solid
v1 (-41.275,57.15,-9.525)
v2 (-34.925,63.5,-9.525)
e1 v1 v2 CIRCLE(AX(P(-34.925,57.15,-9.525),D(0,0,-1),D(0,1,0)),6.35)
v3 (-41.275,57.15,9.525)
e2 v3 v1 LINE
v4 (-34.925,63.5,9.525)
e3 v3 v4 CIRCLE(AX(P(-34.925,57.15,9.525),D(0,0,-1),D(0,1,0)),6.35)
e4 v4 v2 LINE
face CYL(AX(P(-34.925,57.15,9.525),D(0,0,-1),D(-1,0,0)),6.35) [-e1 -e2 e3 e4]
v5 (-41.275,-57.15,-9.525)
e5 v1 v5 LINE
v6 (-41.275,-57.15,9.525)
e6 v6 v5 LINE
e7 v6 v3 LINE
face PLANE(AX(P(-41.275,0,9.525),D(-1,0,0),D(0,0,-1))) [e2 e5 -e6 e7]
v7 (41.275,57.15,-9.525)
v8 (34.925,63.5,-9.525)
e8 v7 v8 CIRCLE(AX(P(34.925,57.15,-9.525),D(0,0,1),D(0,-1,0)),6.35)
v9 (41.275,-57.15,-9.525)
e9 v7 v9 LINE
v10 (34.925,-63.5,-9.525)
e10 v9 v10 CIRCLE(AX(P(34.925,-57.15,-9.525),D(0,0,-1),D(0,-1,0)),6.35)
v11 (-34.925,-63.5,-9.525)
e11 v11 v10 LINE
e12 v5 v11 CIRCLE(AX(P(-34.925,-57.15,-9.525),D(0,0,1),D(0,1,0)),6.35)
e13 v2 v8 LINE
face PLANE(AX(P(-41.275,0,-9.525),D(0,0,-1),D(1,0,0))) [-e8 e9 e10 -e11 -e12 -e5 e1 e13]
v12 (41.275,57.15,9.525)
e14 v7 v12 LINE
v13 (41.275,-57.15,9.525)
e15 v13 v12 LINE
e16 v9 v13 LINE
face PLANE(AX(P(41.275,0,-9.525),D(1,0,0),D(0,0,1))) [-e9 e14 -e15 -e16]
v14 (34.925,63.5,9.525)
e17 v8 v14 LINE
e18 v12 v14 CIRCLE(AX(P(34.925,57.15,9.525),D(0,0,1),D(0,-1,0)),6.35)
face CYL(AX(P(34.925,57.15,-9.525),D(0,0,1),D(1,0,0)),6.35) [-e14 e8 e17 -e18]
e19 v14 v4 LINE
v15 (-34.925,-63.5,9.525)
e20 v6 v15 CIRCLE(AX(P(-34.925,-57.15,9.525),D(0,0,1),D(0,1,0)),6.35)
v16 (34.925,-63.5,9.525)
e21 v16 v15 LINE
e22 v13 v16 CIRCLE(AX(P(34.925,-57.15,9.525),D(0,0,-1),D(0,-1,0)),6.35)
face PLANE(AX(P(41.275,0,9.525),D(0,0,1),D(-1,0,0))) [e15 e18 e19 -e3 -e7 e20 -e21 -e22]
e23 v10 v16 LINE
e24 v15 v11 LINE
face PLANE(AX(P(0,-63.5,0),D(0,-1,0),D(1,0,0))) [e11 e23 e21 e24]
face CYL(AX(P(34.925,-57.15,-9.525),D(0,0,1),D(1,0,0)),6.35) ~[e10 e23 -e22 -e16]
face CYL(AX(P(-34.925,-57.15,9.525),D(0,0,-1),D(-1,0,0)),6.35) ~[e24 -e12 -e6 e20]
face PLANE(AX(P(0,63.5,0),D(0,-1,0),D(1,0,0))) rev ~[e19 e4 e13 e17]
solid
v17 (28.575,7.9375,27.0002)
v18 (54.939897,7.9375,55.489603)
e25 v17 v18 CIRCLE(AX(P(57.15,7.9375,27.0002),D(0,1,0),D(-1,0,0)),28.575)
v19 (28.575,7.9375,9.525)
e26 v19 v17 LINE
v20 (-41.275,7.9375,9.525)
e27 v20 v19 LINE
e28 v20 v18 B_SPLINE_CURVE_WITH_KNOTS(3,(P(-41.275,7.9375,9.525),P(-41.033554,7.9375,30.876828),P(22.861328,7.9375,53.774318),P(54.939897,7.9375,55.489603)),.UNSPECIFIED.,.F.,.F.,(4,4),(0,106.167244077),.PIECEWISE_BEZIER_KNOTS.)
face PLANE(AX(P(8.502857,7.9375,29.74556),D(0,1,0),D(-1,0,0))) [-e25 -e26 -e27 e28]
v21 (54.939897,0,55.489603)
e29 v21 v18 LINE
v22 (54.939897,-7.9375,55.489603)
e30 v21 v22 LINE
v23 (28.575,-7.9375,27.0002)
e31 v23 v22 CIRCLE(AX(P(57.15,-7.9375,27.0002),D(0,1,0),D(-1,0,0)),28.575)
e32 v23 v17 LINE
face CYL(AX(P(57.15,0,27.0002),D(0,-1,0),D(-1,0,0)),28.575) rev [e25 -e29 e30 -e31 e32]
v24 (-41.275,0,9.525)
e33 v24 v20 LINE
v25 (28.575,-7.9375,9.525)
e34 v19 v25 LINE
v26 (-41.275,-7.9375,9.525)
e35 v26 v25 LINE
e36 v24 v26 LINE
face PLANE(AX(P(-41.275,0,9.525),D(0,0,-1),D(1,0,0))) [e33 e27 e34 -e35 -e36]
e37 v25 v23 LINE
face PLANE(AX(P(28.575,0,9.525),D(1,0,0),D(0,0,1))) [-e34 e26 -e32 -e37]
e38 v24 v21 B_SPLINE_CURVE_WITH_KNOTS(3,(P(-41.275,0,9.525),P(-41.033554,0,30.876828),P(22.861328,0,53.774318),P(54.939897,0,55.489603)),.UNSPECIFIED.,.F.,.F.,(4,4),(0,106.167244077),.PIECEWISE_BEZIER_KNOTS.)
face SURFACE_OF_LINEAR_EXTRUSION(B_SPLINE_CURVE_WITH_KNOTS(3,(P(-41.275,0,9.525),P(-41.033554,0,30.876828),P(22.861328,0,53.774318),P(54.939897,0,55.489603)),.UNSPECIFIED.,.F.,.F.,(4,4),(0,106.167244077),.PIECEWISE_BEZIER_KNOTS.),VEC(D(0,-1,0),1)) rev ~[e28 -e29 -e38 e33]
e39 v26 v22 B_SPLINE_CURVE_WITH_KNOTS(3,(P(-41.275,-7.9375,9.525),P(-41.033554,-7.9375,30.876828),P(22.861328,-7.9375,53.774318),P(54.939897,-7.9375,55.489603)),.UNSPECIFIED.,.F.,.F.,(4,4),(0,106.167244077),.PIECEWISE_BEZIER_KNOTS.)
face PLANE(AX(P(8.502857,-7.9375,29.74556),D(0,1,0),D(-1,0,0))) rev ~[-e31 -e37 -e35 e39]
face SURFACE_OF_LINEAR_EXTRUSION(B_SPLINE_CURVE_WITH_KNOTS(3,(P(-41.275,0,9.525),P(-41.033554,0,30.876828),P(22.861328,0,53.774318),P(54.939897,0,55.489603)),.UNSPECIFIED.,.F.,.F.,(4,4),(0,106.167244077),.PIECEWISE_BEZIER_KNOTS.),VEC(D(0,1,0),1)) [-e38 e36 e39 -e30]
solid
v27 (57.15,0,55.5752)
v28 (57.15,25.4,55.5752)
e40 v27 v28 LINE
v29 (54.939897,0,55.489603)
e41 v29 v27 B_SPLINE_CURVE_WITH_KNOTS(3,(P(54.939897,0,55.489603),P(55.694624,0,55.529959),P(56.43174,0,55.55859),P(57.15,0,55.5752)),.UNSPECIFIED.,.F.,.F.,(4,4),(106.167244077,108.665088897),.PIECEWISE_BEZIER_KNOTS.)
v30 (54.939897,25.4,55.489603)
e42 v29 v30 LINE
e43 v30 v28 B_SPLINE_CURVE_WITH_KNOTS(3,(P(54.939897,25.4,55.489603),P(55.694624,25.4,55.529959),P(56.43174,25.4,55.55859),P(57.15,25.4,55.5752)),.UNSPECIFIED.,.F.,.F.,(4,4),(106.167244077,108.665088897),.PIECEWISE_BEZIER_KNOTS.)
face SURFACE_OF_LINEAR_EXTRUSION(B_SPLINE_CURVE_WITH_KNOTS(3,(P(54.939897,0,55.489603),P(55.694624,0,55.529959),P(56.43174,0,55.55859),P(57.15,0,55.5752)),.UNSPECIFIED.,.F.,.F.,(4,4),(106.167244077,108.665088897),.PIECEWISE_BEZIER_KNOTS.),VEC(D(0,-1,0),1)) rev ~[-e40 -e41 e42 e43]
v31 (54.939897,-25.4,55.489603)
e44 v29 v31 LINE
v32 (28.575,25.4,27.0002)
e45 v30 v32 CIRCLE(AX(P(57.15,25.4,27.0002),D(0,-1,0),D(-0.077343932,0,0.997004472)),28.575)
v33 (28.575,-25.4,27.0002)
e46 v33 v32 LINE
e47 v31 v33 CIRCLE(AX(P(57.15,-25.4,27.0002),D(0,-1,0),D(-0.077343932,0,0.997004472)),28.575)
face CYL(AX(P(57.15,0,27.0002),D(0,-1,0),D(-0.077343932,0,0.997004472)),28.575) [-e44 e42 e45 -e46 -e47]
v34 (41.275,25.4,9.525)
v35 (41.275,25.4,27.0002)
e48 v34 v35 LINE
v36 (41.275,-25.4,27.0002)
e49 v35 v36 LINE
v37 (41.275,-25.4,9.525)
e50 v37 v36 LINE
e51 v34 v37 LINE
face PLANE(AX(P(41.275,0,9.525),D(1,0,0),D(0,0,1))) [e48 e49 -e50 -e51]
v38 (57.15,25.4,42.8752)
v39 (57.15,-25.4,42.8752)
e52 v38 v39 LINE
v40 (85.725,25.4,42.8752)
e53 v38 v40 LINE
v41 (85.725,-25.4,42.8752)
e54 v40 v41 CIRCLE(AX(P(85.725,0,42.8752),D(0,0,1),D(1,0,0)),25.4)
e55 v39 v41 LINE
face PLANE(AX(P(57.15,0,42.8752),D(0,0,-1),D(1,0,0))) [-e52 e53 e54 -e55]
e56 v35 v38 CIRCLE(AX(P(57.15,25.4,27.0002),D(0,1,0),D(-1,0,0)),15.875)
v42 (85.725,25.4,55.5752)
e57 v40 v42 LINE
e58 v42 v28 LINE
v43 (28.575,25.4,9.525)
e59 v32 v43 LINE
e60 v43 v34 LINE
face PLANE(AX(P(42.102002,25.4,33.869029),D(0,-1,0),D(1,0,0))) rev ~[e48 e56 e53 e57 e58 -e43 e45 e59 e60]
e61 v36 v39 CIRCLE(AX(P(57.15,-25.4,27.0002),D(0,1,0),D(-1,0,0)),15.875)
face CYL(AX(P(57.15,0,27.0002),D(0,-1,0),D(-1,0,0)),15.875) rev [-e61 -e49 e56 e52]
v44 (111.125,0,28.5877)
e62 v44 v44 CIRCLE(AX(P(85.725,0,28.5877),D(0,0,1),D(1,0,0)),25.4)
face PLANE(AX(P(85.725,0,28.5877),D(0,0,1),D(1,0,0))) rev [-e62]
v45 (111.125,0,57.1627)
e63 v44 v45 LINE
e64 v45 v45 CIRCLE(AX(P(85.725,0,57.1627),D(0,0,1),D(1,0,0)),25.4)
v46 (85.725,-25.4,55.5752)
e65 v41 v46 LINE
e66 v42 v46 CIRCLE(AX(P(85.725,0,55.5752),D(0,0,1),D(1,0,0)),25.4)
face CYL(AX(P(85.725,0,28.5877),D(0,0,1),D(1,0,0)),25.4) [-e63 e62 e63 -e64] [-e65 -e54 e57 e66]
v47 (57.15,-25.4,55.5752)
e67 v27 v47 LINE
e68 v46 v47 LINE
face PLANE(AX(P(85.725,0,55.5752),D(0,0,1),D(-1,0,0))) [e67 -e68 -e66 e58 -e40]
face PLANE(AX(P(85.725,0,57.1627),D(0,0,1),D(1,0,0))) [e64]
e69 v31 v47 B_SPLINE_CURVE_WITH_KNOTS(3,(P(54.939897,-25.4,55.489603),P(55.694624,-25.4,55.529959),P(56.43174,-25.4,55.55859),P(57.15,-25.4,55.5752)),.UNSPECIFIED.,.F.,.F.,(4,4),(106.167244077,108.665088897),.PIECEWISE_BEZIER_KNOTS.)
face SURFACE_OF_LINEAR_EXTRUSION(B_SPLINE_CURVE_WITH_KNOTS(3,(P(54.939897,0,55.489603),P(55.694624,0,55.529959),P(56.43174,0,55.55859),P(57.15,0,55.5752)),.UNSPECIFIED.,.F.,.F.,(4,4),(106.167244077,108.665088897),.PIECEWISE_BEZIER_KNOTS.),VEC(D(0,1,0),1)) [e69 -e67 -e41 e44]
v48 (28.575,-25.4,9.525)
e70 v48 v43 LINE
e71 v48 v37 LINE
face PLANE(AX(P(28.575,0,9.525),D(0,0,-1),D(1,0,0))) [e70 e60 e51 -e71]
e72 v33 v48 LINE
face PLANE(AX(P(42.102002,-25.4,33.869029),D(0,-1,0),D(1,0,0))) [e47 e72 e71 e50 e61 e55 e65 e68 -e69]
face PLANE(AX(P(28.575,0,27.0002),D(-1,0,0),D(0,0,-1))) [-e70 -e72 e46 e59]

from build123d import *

# Parameters (mm, degrees)
F1_DEPTH = 63.5
F0_W     = 25.4
F0_H     = 12.7
F2_DEPTH = 25.4
F3_DEPTH = 7.9375
F5_R     = 6.35


with BuildPart() as f1:
    # F0 (on Front) → F1 (new body, symmetric)
    with BuildSketch(Plane.XZ):
        Polygon((-41.275, 9.525), (-41.275, -9.525), (41.275, -9.525), (41.275, 9.525), (28.575, 9.525), align=None)
    extrude(amount=F1_DEPTH, both=True)

    # F5
    f5_edges = [f1.edges().sort_by_distance(p)[0] for p in [
        (41.275, -63.5, 0),
        (-41.275, -63.5, 0),
        (41.275, 63.5, 0),
        (-41.275, 63.5, 0),
    ]]
    fillet(f5_edges, radius=F5_R)


with BuildPart() as f2:
    # F0 (on Front) → F2 (new body, symmetric)
    with BuildSketch(Plane.XZ):
        with BuildLine():
            Line((28.575, 9.525), (41.275, 9.525))
            Line((41.275, 9.525), (41.275, 27.0002))
            ThreePointArc((41.275, 27.0002), (45.9246798487, 38.2255201513), (57.15, 42.8752))
            Line((57.15, 42.8752), (60.325, 42.8752))
            Line((60.325, 42.8752), (60.325, 55.5752))
            Line((60.325, 55.5752), (57.15, 55.5752))
            add(Edge.make_bspline(
                [(54.9398971504, 55.4896027736), (55.6946241819, 55.5299590665), (56.431739579, 55.5585901401), (57.15, 55.5752)],
                knots=[106.1672440771, 106.1672440771, 106.1672440771, 106.1672440771, 108.6650888972, 108.6650888972, 108.6650888972, 108.6650888972], degree=3))
            ThreePointArc((54.9398971504, 55.4896027736), (36.1775858098, 46.4086638247), (28.575, 27.0002))
            Line((28.575, 27.0002), (28.575, 9.525))
        make_face()
        with Locations((73.025, 49.2252)):
            Rectangle(F0_W, F0_H)
    extrude(amount=F2_DEPTH, both=True)

    # F0 (on Front) → F4 (revolve)
    with BuildSketch(Plane.XZ):
        Polygon((85.725, 57.1627), (85.725, 55.5752), (85.725, 42.8752), (85.725, 28.5877), (111.125, 28.5877), (111.125, 57.1627), align=None)
    revolve(axis=Axis((85.725, 0, 42.8752), (0, 0, 1)))


with BuildPart() as f3:
    # F0 (on Front) → F3 (new body, symmetric)
    with BuildSketch(Plane.XZ):
        with BuildLine():
            add(Edge.make_bspline(
                [(-41.275, 9.525), (-41.0335543555, 30.8768277723), (22.8613275304, 53.7743175127), (54.9398971504, 55.4896027736)],
                knots=[0, 0, 0, 0, 106.1672440771, 106.1672440771, 106.1672440771, 106.1672440771], degree=3))
            Line((-41.275, 9.525), (28.575, 9.525))
            Line((28.575, 9.525), (28.575, 27.0002))
            ThreePointArc((28.575, 27.0002), (36.1775858098, 46.4086638247), (54.9398971504, 55.4896027736))
        make_face()
    extrude(amount=F3_DEPTH, both=True)


solid = Compound([f1.part, f2.part, f3.part])
